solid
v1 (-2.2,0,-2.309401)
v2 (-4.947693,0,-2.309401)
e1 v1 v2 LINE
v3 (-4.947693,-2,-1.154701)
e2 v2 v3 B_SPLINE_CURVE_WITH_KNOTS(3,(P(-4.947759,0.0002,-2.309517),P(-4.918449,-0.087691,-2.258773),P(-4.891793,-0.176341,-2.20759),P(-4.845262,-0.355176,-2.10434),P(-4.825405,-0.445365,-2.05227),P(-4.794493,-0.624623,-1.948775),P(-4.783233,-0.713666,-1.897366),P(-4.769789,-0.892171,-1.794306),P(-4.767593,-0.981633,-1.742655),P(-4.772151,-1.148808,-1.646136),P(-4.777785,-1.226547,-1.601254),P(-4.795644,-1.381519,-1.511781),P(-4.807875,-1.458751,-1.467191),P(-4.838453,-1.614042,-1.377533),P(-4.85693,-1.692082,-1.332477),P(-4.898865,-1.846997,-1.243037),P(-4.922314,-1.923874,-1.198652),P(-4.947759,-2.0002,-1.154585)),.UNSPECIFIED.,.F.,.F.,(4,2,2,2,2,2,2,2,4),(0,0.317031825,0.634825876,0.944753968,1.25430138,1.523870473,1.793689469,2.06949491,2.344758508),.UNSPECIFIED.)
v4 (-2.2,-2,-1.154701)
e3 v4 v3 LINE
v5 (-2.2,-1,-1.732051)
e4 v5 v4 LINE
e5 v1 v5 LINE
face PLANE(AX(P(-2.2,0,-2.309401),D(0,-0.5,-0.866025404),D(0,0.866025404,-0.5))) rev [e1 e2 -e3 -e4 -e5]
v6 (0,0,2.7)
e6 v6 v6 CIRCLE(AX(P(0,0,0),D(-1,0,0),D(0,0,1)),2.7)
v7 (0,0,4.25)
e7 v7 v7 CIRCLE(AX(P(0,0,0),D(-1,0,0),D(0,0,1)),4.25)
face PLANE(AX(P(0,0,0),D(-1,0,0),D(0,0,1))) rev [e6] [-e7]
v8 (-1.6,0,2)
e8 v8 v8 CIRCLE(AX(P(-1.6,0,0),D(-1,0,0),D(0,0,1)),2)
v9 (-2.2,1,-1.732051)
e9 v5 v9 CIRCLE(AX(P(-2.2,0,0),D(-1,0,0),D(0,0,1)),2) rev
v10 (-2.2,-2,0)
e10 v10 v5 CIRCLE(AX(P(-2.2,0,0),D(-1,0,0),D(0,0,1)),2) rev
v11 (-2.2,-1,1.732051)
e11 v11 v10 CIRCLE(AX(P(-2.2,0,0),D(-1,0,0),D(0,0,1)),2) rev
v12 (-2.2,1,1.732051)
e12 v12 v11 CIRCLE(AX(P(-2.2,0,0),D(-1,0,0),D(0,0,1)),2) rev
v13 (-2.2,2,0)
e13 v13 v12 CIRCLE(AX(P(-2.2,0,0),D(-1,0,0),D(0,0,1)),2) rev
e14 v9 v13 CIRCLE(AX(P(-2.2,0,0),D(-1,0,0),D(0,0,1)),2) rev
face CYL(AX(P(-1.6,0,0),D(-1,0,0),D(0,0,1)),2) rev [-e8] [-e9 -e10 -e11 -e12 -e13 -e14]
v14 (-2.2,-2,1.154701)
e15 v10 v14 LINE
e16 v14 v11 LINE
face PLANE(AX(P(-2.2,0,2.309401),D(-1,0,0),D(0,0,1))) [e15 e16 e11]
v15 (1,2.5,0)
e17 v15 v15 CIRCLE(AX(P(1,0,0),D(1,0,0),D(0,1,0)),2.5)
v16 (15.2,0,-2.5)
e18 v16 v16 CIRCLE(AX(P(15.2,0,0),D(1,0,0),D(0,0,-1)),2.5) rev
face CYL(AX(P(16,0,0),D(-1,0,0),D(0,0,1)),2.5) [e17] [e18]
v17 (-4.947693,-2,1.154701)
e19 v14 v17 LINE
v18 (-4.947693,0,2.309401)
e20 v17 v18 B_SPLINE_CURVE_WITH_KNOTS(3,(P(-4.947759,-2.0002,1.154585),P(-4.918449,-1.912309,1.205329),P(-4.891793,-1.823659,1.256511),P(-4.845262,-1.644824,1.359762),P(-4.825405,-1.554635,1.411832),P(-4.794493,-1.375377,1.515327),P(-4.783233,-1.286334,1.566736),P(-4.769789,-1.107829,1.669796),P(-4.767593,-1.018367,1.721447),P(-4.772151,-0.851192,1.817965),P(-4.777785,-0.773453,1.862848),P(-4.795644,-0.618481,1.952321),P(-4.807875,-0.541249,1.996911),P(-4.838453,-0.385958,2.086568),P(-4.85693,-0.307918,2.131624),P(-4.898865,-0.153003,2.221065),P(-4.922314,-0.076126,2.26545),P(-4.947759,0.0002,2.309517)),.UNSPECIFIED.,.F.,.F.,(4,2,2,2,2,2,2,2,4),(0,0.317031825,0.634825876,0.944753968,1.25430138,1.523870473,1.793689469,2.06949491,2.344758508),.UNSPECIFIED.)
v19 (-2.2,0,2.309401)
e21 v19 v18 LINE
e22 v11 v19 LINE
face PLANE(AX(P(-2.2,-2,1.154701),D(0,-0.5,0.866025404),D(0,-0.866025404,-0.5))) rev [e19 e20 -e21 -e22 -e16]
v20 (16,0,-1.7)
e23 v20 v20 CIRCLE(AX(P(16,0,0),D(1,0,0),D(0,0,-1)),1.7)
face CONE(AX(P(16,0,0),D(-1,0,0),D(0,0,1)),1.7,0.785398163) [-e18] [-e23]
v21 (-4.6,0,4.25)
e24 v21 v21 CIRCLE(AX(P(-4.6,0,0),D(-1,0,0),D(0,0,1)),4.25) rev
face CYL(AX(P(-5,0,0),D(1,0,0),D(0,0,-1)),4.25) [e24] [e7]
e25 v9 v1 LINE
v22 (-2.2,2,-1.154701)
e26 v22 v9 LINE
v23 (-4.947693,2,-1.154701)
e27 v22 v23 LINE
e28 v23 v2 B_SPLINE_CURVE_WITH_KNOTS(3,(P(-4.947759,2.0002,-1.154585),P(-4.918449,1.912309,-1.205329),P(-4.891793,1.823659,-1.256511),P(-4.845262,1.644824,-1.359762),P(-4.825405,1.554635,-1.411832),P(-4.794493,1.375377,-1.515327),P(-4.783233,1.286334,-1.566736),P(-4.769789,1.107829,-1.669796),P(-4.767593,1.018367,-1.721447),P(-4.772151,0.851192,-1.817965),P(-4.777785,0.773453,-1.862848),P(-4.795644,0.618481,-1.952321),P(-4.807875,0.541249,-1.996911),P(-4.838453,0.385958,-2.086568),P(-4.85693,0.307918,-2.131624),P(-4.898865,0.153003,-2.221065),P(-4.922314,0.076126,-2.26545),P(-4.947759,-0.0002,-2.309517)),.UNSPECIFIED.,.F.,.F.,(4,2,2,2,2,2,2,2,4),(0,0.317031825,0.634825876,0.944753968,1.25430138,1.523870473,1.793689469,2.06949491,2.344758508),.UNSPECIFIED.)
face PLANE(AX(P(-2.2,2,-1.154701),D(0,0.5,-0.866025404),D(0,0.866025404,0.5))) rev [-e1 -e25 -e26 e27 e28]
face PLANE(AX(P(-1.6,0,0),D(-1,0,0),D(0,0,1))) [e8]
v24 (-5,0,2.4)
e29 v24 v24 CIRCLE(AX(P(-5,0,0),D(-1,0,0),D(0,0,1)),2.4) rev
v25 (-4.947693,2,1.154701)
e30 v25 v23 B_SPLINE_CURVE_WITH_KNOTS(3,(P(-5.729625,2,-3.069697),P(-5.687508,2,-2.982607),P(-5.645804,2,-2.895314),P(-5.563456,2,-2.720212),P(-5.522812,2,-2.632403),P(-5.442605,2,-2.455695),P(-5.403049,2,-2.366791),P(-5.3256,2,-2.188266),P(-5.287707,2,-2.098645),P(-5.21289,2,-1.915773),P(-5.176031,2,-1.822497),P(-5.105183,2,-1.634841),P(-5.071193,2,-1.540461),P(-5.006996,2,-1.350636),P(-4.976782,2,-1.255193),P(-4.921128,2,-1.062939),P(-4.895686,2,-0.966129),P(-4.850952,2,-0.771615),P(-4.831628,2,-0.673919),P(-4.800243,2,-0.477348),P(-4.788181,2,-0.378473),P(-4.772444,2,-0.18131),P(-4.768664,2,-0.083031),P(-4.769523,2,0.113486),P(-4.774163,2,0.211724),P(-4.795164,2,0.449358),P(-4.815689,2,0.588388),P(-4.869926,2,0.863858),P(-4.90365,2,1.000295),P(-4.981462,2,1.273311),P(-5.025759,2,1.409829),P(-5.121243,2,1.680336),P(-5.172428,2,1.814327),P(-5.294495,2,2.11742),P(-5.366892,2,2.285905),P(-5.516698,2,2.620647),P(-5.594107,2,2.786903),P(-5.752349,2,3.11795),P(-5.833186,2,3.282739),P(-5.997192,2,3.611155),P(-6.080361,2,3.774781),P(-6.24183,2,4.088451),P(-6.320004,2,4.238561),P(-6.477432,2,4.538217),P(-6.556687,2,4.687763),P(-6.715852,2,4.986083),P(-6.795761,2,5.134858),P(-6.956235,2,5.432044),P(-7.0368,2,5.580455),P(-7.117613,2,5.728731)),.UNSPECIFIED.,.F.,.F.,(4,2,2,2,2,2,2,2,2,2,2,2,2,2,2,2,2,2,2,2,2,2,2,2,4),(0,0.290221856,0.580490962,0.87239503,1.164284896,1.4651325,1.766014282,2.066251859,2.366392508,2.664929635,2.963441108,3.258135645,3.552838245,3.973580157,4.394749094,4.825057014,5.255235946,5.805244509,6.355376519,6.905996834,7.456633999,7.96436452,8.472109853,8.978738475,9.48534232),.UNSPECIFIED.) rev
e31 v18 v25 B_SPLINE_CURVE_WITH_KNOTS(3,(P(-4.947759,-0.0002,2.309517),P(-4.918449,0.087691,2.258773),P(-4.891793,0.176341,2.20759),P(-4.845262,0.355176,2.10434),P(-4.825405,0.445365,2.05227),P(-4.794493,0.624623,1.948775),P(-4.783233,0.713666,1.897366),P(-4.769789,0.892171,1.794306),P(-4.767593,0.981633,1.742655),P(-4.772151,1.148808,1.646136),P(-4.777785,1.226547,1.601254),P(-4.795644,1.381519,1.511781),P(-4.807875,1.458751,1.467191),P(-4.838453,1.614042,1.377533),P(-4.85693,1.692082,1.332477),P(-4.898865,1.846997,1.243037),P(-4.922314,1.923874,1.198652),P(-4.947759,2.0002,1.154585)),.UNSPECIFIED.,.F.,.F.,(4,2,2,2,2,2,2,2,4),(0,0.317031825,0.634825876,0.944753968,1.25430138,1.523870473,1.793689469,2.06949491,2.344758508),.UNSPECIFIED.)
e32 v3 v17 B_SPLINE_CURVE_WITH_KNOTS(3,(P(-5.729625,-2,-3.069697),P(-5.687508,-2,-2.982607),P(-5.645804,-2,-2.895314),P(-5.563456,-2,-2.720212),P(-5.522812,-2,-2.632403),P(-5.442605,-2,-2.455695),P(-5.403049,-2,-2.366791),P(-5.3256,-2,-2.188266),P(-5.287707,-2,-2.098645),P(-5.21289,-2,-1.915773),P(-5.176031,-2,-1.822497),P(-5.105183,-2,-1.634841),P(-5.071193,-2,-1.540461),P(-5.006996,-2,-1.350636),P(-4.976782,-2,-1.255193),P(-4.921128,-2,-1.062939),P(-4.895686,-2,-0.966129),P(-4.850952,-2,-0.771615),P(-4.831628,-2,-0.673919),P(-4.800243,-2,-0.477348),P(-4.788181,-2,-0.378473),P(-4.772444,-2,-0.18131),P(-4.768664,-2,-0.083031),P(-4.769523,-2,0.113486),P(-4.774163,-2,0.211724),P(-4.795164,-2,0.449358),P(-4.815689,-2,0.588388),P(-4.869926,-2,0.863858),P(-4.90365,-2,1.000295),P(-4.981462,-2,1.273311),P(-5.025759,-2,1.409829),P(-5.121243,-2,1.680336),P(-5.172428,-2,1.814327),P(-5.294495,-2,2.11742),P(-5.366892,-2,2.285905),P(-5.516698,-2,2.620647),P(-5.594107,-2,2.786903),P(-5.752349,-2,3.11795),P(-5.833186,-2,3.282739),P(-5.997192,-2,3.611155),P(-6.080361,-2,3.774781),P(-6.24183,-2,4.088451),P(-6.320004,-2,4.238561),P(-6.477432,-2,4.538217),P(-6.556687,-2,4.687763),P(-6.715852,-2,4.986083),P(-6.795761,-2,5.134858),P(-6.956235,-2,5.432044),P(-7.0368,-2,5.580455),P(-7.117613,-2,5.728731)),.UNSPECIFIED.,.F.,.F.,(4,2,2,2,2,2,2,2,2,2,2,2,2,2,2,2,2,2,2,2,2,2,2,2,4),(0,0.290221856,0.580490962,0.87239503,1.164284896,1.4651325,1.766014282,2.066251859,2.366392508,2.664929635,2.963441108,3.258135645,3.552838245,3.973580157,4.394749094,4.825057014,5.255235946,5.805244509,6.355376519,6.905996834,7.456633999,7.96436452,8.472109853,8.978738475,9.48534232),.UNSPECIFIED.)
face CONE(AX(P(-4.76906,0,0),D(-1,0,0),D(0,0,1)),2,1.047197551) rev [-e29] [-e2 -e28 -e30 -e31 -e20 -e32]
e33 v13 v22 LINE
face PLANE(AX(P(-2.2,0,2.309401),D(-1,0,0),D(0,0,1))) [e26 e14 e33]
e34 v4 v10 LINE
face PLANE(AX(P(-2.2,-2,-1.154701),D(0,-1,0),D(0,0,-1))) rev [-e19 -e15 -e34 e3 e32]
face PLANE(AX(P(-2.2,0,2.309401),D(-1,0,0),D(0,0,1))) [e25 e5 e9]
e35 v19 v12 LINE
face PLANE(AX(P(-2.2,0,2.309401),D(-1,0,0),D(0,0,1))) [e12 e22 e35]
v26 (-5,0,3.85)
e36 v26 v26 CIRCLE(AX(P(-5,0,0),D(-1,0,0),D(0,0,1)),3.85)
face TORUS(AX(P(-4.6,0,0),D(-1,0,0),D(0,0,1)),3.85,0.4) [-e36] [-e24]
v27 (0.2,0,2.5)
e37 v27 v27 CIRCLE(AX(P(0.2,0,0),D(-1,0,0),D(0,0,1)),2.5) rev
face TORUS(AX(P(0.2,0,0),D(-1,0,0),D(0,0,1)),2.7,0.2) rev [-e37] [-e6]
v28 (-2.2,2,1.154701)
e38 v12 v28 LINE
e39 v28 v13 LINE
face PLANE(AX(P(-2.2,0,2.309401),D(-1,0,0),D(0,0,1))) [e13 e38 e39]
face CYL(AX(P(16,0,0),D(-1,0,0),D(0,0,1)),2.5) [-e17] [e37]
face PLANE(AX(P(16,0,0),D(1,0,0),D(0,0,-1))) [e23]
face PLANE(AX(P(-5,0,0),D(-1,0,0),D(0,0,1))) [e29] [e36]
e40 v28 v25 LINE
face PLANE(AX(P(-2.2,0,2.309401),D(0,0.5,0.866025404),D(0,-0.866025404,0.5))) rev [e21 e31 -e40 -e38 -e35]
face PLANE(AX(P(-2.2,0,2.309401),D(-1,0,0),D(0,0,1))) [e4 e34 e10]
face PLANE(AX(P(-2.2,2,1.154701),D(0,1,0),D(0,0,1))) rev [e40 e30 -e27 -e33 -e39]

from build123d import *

# Parameters (mm, degrees)
SKETCH_1_R          = 2.5
EXTRUDE_1_DEPTH     = 16
SKETCH_2_R          = 4.25
EXTRUDE_2_DEPTH     = 5
SKETCH_3_R          = 2
CUT_EXTRUDE_1_DEPTH = 3.4
CHAMFER_1_SIZE      = 0.8
FILLET_1_R          = 0.4
FILLET_2_R          = 0.2
CHAMFER_2_SIZE      = 0.4
CHAMFER_2_SIZE2     = 0.230940108
CUT_EXTRUDE_2_DEPTH = 2.8


with BuildPart() as part:
    # Эскиз1 → Вытянуть1 (new body)
    with BuildSketch(Plane(origin=(0, 0, 0), x_dir=(0, 0, -1), z_dir=(1, 0, 0))):
        Circle(SKETCH_1_R)
    extrude(amount=EXTRUDE_1_DEPTH)

    # Эскиз2 → Вытянуть2 (add)
    with BuildSketch(Plane.ZY):
        Circle(SKETCH_2_R)
    extrude(amount=EXTRUDE_2_DEPTH)

    # Эскиз3 → Вырез-Вытянуть1 (cut)
    with BuildSketch(Plane.ZY.offset(5)):
        Circle(SKETCH_3_R)
    extrude(amount=-CUT_EXTRUDE_1_DEPTH, mode=Mode.SUBTRACT)

    # Фаска1
    chamfer_1_edges = [part.edges().sort_by_distance(p)[0] for p in [
        (16, 0, 2.5),
    ]]
    chamfer(chamfer_1_edges, length=CHAMFER_1_SIZE)

    # Скругление1
    fillet_1_edges = [part.edges().sort_by_distance(p)[0] for p in [
        (-5, 0, -4.25),
    ]]
    fillet(fillet_1_edges, radius=FILLET_1_R)

    # Скругление2
    fillet_2_edges = [part.edges().sort_by_distance(p)[0] for p in [
        (0, 0, 2.5),
    ]]
    fillet(fillet_2_edges, radius=FILLET_2_R)

    # Фаска2
    chamfer_2_edges = [part.edges().sort_by_distance(p)[0] for p in [
        (-5, 0, -2),
    ]]
    chamfer_2_side = [part.faces().sort_by_distance(p)[0] for p in [
        (-5, 0, -3.741105556),
    ]]
    chamfer(chamfer_2_edges, length=CHAMFER_2_SIZE, length2=CHAMFER_2_SIZE2, reference=chamfer_2_side[0])

    # Эскиз4 → Вырез-Вытянуть2 (cut)
    with BuildSketch(Plane.ZY.offset(5)):
        Polygon((2.309401077, 0), (1.154700538, 2), (-1.154700538, 2), (-2.309401077, 0), (-1.154700538, -2), (1.154700538, -2), align=None)
    extrude(amount=-CUT_EXTRUDE_2_DEPTH, mode=Mode.SUBTRACT)


solid = part.part
